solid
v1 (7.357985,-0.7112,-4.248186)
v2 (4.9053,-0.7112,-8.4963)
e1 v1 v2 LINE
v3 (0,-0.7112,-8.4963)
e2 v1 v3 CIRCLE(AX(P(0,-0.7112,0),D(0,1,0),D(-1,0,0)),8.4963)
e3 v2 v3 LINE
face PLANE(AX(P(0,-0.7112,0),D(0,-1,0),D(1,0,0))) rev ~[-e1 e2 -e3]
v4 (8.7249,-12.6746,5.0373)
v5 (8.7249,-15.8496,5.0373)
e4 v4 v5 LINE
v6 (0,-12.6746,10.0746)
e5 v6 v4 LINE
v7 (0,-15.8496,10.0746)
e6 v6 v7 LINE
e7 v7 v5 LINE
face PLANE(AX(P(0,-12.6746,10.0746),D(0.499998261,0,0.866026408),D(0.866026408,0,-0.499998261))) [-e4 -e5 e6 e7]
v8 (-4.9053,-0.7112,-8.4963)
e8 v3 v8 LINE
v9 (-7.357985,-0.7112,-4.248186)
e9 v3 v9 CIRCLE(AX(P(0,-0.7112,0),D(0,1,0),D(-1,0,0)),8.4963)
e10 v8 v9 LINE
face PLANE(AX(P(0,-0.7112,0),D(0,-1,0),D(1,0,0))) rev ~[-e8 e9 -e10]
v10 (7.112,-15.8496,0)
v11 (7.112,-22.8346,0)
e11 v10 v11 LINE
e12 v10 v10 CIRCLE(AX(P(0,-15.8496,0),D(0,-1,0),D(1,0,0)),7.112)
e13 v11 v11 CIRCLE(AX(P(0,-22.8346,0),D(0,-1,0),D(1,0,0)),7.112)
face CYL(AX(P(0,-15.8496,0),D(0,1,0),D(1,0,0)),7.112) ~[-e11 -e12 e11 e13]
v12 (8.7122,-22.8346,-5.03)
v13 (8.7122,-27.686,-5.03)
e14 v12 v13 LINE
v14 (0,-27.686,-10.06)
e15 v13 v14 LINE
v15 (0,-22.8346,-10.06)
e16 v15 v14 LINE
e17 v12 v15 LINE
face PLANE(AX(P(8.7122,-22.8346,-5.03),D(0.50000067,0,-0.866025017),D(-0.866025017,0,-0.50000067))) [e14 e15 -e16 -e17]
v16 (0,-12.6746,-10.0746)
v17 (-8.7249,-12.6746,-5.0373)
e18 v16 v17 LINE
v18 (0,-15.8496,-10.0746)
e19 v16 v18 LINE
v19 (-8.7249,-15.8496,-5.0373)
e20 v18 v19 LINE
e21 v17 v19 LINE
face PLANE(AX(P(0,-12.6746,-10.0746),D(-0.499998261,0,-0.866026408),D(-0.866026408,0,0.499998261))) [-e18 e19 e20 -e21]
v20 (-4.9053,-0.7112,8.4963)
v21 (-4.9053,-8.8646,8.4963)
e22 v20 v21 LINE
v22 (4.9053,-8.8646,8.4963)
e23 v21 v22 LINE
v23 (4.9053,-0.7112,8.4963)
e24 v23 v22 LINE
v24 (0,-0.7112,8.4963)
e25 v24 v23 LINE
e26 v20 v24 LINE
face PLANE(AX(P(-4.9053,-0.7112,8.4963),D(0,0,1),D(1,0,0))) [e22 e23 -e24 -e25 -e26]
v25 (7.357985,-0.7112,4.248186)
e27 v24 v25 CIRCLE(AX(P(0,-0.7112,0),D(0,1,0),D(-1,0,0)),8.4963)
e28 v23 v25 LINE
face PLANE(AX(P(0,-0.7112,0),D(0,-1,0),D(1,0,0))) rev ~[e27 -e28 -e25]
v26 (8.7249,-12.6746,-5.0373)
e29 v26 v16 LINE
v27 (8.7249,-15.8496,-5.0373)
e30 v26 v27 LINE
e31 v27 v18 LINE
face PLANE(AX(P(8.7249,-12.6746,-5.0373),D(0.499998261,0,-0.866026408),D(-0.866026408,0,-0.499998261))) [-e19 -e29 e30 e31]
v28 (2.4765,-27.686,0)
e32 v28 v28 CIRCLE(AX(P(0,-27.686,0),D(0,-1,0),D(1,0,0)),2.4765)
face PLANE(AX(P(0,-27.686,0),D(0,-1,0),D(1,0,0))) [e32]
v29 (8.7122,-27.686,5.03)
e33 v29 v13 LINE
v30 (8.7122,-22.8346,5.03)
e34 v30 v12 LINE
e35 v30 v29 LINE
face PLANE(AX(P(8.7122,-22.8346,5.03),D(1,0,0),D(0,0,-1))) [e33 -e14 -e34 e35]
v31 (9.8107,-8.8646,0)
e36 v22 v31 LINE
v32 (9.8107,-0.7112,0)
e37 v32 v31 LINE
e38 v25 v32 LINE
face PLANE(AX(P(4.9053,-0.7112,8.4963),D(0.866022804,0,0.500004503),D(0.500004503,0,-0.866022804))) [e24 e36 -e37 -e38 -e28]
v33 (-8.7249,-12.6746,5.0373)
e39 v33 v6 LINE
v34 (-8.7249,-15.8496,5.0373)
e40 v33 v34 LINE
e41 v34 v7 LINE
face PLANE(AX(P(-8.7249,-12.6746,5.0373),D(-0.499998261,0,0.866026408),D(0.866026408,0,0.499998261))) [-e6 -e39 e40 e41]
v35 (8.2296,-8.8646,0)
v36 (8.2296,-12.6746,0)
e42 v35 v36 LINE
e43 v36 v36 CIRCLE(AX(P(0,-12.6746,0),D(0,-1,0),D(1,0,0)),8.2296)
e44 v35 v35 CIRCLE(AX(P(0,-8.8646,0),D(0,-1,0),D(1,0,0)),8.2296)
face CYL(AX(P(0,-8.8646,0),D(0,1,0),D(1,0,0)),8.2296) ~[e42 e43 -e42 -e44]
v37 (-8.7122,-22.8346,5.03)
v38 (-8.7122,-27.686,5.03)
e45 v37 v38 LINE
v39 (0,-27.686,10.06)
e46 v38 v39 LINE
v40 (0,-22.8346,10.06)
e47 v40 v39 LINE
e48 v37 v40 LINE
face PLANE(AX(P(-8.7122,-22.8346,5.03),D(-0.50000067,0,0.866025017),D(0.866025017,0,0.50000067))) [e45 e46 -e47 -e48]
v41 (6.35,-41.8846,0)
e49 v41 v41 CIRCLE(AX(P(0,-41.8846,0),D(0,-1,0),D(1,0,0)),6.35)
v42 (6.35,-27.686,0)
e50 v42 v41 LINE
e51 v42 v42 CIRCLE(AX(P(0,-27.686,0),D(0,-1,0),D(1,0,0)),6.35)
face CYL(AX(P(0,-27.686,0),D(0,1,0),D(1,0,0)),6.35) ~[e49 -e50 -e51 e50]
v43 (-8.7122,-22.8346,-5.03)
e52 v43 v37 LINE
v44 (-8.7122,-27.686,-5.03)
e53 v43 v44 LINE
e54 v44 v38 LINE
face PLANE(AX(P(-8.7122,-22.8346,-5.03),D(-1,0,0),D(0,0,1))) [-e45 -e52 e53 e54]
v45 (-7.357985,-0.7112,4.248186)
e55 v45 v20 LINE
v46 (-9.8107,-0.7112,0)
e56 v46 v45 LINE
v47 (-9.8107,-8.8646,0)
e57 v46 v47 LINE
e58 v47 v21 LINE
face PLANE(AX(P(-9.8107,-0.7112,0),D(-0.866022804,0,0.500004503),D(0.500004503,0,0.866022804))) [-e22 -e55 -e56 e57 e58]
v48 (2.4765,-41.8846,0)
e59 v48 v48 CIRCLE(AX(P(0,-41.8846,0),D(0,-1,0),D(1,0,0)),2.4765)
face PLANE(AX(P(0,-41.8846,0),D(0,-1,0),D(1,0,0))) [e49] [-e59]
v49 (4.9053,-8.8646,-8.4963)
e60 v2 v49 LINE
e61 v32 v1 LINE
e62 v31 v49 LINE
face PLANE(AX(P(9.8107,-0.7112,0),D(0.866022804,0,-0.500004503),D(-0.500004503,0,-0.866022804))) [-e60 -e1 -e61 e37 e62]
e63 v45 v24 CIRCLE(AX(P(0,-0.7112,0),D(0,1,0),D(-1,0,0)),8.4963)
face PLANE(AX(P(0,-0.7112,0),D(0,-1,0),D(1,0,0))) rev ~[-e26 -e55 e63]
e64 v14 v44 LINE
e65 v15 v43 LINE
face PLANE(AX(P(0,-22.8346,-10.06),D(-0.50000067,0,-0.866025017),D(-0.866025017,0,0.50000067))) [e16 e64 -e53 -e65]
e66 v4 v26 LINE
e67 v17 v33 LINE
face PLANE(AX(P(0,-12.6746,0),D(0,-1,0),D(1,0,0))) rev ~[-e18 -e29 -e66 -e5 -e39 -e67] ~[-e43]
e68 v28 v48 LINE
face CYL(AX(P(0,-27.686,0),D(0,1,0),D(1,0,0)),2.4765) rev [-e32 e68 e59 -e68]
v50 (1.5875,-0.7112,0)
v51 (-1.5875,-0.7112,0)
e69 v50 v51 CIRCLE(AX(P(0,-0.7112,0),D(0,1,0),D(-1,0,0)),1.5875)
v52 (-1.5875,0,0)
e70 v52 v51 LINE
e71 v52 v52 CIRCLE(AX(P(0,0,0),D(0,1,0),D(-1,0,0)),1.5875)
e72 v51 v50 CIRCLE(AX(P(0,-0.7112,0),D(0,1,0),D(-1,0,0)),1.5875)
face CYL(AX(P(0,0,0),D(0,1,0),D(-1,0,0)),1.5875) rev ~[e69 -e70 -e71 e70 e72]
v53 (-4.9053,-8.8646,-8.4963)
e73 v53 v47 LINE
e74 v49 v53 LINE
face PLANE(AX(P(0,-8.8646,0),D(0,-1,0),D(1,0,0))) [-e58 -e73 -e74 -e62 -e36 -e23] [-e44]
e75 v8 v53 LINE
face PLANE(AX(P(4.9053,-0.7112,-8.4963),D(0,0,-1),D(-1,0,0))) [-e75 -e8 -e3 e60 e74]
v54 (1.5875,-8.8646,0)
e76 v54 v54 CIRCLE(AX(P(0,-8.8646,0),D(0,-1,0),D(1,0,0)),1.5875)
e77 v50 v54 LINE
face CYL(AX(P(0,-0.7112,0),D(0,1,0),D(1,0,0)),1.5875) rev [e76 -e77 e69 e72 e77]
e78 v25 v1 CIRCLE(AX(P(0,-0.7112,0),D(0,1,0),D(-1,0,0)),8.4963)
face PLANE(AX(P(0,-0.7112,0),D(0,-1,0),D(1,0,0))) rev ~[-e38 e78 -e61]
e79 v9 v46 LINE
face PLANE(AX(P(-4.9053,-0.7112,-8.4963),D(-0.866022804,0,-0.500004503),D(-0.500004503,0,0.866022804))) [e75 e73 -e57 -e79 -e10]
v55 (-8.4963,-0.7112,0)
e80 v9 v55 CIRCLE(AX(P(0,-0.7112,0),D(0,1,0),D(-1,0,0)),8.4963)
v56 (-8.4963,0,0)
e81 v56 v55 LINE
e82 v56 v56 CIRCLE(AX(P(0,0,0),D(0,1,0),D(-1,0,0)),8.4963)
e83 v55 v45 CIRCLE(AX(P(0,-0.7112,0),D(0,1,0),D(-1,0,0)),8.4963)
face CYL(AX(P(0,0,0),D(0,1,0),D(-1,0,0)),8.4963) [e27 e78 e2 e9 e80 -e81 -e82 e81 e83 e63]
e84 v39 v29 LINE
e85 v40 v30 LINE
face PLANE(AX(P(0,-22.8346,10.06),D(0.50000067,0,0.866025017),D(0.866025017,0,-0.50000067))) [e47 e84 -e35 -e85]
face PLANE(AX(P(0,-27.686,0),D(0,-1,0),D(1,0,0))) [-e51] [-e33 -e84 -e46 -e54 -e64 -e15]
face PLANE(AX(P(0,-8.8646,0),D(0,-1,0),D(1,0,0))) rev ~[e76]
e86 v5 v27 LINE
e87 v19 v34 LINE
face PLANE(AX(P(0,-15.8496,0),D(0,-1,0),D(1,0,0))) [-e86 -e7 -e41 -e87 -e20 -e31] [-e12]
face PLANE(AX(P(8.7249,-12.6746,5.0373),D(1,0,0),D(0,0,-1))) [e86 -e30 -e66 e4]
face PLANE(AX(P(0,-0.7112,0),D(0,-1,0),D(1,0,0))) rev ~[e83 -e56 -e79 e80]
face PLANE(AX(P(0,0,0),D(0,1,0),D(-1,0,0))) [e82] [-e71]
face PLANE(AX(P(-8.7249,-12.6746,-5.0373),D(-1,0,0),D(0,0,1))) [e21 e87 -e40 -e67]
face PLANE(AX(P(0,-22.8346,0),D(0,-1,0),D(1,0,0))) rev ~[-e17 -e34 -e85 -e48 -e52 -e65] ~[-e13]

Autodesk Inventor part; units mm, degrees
ref_plane "YZ Plane" through (0, 0, 0) normal (1, 0, 0) x (0, 1, 0)
ref_plane "XZ Plane" through (0, 0, 0) normal (0, 1, 0) x (-1, 0, 0)
ref_plane "XY Plane" through (0, 0, 0) normal (0, 0, 1) x (1, 0, 0)
sketch "Sketch1" plane through (0, 0, 0) normal (0, 1, 0) x (-1, 0, 0)
  circle A0 centre (0, 0) radius 1.5875
  circle A1 centre (0, 0) radius 8.4963
  dimension "d0" = 3.175
  dimension "d1" = 16.9926
extrude "Extrusion1" add sketch "Sketch1" against normal blind 0.7112
sketch "Sketch2" plane through (0, -0.7112, 0) normal (0, -1, 0) x (1, 0, 0)
  circle A0 centre (0, 0) radius 8.4963 construction
  line L0 (4.9053, 8.4963) -> (9.8107, 0)
  line L1 (9.8107, 0) -> (4.9053, -8.4963)
  line L2 (4.9053, -8.4963) -> (-4.9053, -8.4963)
  line L3 (-4.9053, -8.4963) -> (-9.8107, 0)
  line L4 (-9.8107, 0) -> (-4.9053, 8.4963)
  line L5 (-4.9053, 8.4963) -> (4.9053, 8.4963)
  circle A1 centre (0, 0) radius 1.5875 projected
  point P0 (0, 8.4963)
extrude "Extrusion2" add sketch "Sketch2" along normal blind 8.1534
sketch "Sketch3" plane through (0, -8.8646, 0) normal (0, -1, 0) x (1, 0, 0)
  circle A0 centre (0, 0) radius 8.2296
  dimension "d6" = 16.4592
extrude "Extrusion3" add sketch "Sketch3" along normal blind 3.81
sketch "Sketch4" plane through (0, -12.6746, 0) normal (0, -1, 0) x (1, 0, 0)
  circle A0 centre (0, 0) radius 8.7249 construction
  line L0 (8.7249, -5.0373) -> (0, -10.0746)
  line L1 (0, -10.0746) -> (-8.7249, -5.0373)
  line L2 (-8.7249, -5.0373) -> (-8.7249, 5.0373)
  line L3 (-8.7249, 5.0373) -> (0, 10.0746)
  line L4 (0, 10.0746) -> (8.7249, 5.0373)
  line L5 (8.7249, 5.0373) -> (8.7249, -5.0373)
  point P0 (8.7249, 0)
  dimension "d9" = 17.4498
extrude "Extrusion4" add sketch "Sketch4" along normal blind 3.175
sketch "Sketch5" plane through (0, -15.8496, 0) normal (0, -1, 0) x (1, 0, 0)
  circle A0 centre (0, 0) radius 7.112
  dimension "d12" = 14.224
extrude "Extrusion5" add sketch "Sketch5" along normal blind 6.985
sketch "Sketch6" plane through (0, -22.8346, 0) normal (0, -1, 0) x (1, 0, 0)
  circle A0 centre (0, 0) radius 8.7122 construction
  line L0 (8.7122, -5.03) -> (0, -10.06)
  line L1 (0, -10.06) -> (-8.7122, -5.03)
  line L2 (-8.7122, -5.03) -> (-8.7122, 5.03)
  line L3 (-8.7122, 5.03) -> (0, 10.06)
  line L4 (0, 10.06) -> (8.7122, 5.03)
  line L5 (8.7122, 5.03) -> (8.7122, -5.03)
  point P0 (8.7122, 0)
  dimension "d15" = 17.4244
extrude "Extrusion6" add sketch "Sketch6" along normal blind 4.8514
sketch "Sketch7" plane through (0, -27.686, 0) normal (0, -1, 0) x (1, 0, 0)
  circle A0 centre (0, 0) radius 2.4765
  circle A1 centre (0, 0) radius 6.35
  dimension "d18" = 4.953
  dimension "d19" = 12.7
extrude "Extrusion7" add sketch "Sketch7" along normal blind 14.1986
properties part number "am-2002" material "Brass"
